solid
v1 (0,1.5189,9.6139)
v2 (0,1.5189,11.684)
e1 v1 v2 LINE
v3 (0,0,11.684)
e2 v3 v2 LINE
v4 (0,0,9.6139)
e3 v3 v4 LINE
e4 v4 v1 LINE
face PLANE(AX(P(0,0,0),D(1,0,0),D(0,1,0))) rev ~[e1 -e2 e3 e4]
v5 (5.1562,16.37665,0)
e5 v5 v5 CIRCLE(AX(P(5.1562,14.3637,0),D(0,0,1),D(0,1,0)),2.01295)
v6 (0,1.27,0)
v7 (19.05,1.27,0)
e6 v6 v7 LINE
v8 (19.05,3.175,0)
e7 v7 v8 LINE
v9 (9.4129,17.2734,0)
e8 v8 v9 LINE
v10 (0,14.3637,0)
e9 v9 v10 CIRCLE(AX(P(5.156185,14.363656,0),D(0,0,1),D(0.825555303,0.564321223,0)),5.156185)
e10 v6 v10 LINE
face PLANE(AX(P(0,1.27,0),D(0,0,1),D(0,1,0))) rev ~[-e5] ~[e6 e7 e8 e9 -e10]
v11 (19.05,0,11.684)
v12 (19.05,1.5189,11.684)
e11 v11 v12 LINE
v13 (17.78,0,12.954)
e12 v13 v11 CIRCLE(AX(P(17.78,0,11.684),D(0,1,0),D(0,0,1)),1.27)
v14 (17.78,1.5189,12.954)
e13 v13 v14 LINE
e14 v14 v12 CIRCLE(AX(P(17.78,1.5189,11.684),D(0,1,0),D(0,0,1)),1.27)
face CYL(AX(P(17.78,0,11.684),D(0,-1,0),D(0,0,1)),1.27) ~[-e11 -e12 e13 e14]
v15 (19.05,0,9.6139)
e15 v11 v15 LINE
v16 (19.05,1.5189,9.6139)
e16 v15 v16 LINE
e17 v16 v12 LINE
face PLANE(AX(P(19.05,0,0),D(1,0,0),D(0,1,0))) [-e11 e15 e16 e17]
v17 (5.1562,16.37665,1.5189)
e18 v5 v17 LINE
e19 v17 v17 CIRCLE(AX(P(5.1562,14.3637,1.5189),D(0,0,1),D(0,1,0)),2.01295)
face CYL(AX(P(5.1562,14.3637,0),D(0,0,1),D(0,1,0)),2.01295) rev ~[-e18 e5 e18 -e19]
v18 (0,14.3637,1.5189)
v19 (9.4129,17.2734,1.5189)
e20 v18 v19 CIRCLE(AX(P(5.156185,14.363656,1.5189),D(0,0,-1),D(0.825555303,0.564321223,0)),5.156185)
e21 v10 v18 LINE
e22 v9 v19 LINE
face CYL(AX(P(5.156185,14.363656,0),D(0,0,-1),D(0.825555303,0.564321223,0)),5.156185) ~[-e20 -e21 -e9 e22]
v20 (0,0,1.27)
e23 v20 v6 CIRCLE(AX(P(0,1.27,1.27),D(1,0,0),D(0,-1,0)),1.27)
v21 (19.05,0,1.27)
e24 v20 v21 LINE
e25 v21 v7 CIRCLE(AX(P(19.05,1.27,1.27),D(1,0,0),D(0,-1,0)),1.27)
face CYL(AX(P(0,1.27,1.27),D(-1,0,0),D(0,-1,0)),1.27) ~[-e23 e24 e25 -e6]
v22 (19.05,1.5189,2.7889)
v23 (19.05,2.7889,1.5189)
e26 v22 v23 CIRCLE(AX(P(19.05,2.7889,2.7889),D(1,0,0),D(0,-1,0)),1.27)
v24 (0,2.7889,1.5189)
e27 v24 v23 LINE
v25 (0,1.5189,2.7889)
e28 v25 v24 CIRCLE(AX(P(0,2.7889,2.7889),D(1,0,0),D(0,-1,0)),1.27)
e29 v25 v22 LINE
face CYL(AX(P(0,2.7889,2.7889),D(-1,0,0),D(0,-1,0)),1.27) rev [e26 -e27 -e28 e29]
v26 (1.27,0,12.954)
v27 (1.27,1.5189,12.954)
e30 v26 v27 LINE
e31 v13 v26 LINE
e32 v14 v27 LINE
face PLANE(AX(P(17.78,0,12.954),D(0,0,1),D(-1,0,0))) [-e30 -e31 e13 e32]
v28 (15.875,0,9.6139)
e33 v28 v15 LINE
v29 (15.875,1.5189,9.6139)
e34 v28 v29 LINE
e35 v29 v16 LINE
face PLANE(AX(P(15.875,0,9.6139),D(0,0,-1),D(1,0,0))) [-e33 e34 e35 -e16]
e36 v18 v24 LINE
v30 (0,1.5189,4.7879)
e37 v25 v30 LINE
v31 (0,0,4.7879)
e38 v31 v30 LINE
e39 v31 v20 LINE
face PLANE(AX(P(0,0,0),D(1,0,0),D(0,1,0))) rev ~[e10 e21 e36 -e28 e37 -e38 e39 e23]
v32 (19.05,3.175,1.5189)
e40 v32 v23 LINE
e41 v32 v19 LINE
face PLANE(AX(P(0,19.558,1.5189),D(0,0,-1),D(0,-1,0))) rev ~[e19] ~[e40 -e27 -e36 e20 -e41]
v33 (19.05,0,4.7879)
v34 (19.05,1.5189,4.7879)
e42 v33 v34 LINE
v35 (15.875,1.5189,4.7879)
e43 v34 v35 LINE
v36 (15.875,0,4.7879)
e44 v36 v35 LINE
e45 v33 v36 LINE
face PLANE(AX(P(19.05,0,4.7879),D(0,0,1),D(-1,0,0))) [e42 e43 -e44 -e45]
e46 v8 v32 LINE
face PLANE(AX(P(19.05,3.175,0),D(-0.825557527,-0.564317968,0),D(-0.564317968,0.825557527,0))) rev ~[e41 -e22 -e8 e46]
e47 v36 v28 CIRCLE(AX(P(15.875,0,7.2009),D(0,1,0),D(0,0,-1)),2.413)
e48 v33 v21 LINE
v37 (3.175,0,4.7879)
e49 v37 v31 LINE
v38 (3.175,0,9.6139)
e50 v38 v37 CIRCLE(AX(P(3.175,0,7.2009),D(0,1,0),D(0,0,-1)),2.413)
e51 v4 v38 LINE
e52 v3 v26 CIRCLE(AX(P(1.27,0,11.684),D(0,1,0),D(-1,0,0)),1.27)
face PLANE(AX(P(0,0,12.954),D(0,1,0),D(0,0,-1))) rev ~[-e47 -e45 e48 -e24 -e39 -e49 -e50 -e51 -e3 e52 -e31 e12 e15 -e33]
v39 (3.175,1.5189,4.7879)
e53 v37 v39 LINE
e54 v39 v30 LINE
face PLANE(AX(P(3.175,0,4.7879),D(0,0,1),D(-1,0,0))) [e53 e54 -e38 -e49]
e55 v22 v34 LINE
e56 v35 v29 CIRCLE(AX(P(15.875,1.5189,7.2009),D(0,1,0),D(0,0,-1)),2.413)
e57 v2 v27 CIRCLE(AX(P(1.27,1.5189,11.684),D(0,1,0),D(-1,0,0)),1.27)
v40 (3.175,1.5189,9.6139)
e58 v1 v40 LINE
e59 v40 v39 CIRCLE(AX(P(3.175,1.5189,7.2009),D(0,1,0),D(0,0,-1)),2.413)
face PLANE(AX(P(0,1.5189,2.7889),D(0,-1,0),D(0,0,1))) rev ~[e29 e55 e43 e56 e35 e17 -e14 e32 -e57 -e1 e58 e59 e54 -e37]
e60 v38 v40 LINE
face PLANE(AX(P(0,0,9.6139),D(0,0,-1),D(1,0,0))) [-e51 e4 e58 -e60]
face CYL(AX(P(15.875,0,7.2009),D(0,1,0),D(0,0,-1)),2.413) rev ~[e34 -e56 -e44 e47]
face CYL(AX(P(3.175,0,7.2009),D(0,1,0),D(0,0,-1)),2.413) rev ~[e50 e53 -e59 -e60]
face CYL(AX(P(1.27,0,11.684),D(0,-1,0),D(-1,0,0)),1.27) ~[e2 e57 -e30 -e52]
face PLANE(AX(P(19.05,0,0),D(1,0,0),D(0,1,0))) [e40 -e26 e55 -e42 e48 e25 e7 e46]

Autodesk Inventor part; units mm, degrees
sketch "Sketch_1" plane through (0, 0, 0) normal (1, 0, 0) x (0, 1, 0)
  line L0 (0, 12.954) -> (0, 1.27)
  arc A0 (0, 1.27) -> (1.27, 0) centre (1.27, 1.27) ccw
  line L1 (1.27, 0) -> (19.558, 0)
  line L2 (19.558, 0) -> (19.558, 1.5189)
  line L3 (19.558, 1.5189) -> (2.7889, 1.5189)
  arc A1 (1.5189, 2.7889) -> (2.7889, 1.5189) centre (2.7889, 2.7889) ccw
  line L4 (1.5189, 2.7889) -> (1.5189, 12.954)
  line L5 (1.5189, 12.954) -> (0, 12.954)
extrude "Extrusion1" add sketch "Sketch_1" along normal blind 19.05
sketch "Sketch_2" plane through (0, 0, 0) normal (0, 0, 1) x (1, 0, 0)
  line L0 (-19.05, -19.558) -> (28.575, -19.558)
  line L1 (28.575, -19.558) -> (28.575, 29.337)
  line L2 (28.575, 29.337) -> (-19.05, 29.337)
  line L3 (-19.05, 29.337) -> (-19.05, -19.558)
  line L4 (0, 0) -> (19.05, 0)
  line L5 (19.05, 0) -> (19.05, 3.175)
  line L6 (19.05, 3.175) -> (9.4129, 17.2734)
  arc A0 (9.4129, 17.2734) -> (0, 14.3637) centre (5.1562, 14.3637) ccw
  line L7 (0, 14.3637) -> (0, 0)
extrude "Extrusion2" cut sketch "Sketch_2" along normal blind 12.954
sketch "Sketch3" plane through (19.05, 1.27, 0) normal (0, 0, -1) x (-1, 0, 0)
  point P0 (13.8938, 13.0937)
hole "Hole1" at (5.1562, 14.3637, 0) direction (0, 0, 1) diameter 4.0259 depth 1.5189
sketch "Sketch4" plane through (0, 0, 1.27) normal (0, -1, 0) x (1, 0, 0)
  point P0 (3.175, 5.9309)
hole "Hole2" at (3.175, 0, 7.2009) direction (0, 1, 0) diameter 4.826 depth 1.5189
sketch "Sketch5" plane through (0, 0, 1.27) normal (0, -1, 0) x (1, 0, 0)
  point P0 (15.875, 5.9309)
hole "Hole3" at (15.875, 0, 7.2009) direction (0, 1, 0) diameter 4.826 depth 1.5189
sketch "Sketch_6" plane through (0, 0, 0) normal (0, 1, 0) x (-1, 0, 0)
  line L0 (0, 4.7879) -> (0, 9.6139)
  line L1 (0, 9.6139) -> (-3.175, 9.6139)
  line L2 (-3.175, 9.6139) -> (-3.175, 4.7879)
  line L3 (-3.175, 4.7879) -> (0, 4.7879)
sketch "Sketch_7" plane through (0, 0, 0) normal (0, 1, 0) x (-1, 0, 0)
  line L0 (-15.875, 4.7879) -> (-15.875, 9.6139)
  line L1 (-15.875, 9.6139) -> (-19.05, 9.6139)
  line L2 (-19.05, 9.6139) -> (-19.05, 4.7879)
  line L3 (-19.05, 4.7879) -> (-15.875, 4.7879)
extrude "Extrusion3" cut sketch "Sketch_6" along normal blind 1.5189
extrude "Extrusion4" cut sketch "Sketch_7" along normal blind 1.5189
sketch "Sketch_8" plane through (0, 0, 0) normal (0, 1, 0) x (-1, 0, 0)
  line L0 (0, 19.431) -> (-19.05, 19.431)
  line L1 (-19.05, 19.431) -> (-19.05, 11.684)
  arc A0 (-17.78, 12.954) -> (-19.05, 11.684) centre (-17.78, 11.684) ccw
  line L2 (-17.78, 12.954) -> (-1.27, 12.954)
  arc A1 (0, 11.684) -> (-1.27, 12.954) centre (-1.27, 11.684) ccw
  line L3 (0, 11.684) -> (0, 19.431)
extrude "Extrusion5" cut sketch "Sketch_8" along normal blind 1.5189
ref_plane "a1_XY" through (0, 14.3637, 0) normal (0, 0, 1) x (1, 0, 0)
ref_plane "a1_YZ" through (0, 14.3637, 0) normal (1, 0, 0) x (0, 1, 0)
ref_plane "a1_ZX" through (0, 14.3637, 0) normal (0, 1, 0) x (0, 0, 1)
ref_plane "a2_XY" through (5.1562, 14.3637, 0) normal (0, 0, 1) x (1, 0, 0)
ref_plane "a2_YZ" through (5.1562, 14.3637, 0) normal (1, 0, 0) x (0, 1, 0)
ref_plane "a2_ZX" through (5.1562, 14.3637, 0) normal (0, 1, 0) x (0, 0, 1)
ref_plane "b1_XY" through (3.1433, 14.3637, 0) normal (0, 0, 1) x (1, 0, 0)
ref_plane "b1_YZ" through (3.1433, 14.3637, 0) normal (1, 0, 0) x (0, 1, 0)
ref_plane "b1_ZX" through (3.1433, 14.3637, 0) normal (0, 1, 0) x (0, 0, 1)
ref_plane "b2_XY" through (7.1692, 14.3637, 0) normal (0, 0, 1) x (1, 0, 0)
ref_plane "b2_YZ" through (7.1692, 14.3637, 0) normal (1, 0, 0) x (0, 1, 0)
ref_plane "b2_ZX" through (7.1692, 14.3637, 0) normal (0, 1, 0) x (0, 0, 1)
ref_plane "d1_XY" through (0, 19.558, 0) normal (1, 0, 0) x (0, 0, -1)
ref_plane "d1_YZ" through (0, 19.558, 0) normal (0, 0, -1) x (0, 1, 0)
ref_plane "d1_ZX" through (0, 19.558, 0) normal (0, 1, 0) x (1, 0, 0)
ref_plane "d2_XY" through (0, 19.558, 1.5189) normal (1, 0, 0) x (0, 0, -1)
ref_plane "d2_YZ" through (0, 19.558, 1.5189) normal (0, 0, -1) x (0, 1, 0)
ref_plane "d2_ZX" through (0, 19.558, 1.5189) normal (0, 1, 0) x (1, 0, 0)
ref_plane "e1_XY" through (0, 0, 0) normal (0, 0, 1) x (1, 0, 0)
ref_plane "e1_YZ" through (0, 0, 0) normal (1, 0, 0) x (0, 1, 0)
ref_plane "e1_ZX" through (0, 0, 0) normal (0, 1, 0) x (0, 0, 1)
ref_plane "e2_XY" through (5.1562, 19.5199, 0) normal (0, 0, 1) x (1, 0, 0)
ref_plane "e2_YZ" through (5.1562, 19.5199, 0) normal (1, 0, 0) x (0, 1, 0)
ref_plane "e2_ZX" through (5.1562, 19.5199, 0) normal (0, 1, 0) x (0, 0, 1)
ref_plane "f1_XY" through (0, 0, 0) normal (0, 0, 1) x (1, 0, 0)
ref_plane "f1_YZ" through (0, 0, 0) normal (1, 0, 0) x (0, 1, 0)
ref_plane "f1_ZX" through (0, 0, 0) normal (0, 1, 0) x (0, 0, 1)
ref_plane "f2_XY" through (0, 14.3637, 0) normal (0, 0, 1) x (1, 0, 0)
ref_plane "f2_YZ" through (0, 14.3637, 0) normal (1, 0, 0) x (0, 1, 0)
ref_plane "f2_ZX" through (0, 14.3637, 0) normal (0, 1, 0) x (0, 0, 1)
ref_plane "g1_XY" through (0, 0, 4.7879) normal (0, 1, 0) x (1, 0, 0)
ref_plane "g1_YZ" through (0, 0, 4.7879) normal (1, 0, 0) x (0, 0, -1)
ref_plane "g1_ZX" through (0, 0, 4.7879) normal (0, 0, -1) x (0, 1, 0)
ref_plane "g2_XY" through (0, 0, 9.6139) normal (0, 1, 0) x (1, 0, 0)
ref_plane "g2_YZ" through (0, 0, 9.6139) normal (1, 0, 0) x (0, 0, -1)
ref_plane "g2_ZX" through (0, 0, 9.6139) normal (0, 0, -1) x (0, 1, 0)
ref_plane "h1_XY" through (3.175, 0, 12.954) normal (0, 0, 1) x (1, 0, 0)
ref_plane "h1_YZ" through (3.175, 0, 12.954) normal (1, 0, 0) x (0, 1, 0)
ref_plane "h1_ZX" through (3.175, 0, 12.954) normal (0, 1, 0) x (0, 0, 1)
ref_plane "h2_XY" through (15.875, 0, 12.954) normal (0, 0, 1) x (1, 0, 0)
ref_plane "h2_YZ" through (15.875, 0, 12.954) normal (1, 0, 0) x (0, 1, 0)
ref_plane "h2_ZX" through (15.875, 0, 12.954) normal (0, 1, 0) x (0, 0, 1)
ref_plane "i_XY" through (19.05, 0, 12.954) normal (0, 0, 1) x (1, 0, 0)
ref_plane "i_YZ" through (19.05, 0, 12.954) normal (1, 0, 0) x (0, 1, 0)
ref_plane "i_ZX" through (19.05, 0, 12.954) normal (0, 1, 0) x (0, 0, 1)
ref_plane "j1_XY" through (0, 0, 0) normal (0, 0, 1) x (1, 0, 0)
ref_plane "j1_YZ" through (0, 0, 0) normal (1, 0, 0) x (0, 1, 0)
ref_plane "j1_ZX" through (0, 0, 0) normal (0, 1, 0) x (0, 0, 1)
ref_plane "j2_XY" through (19.05, 0, 0) normal (0, 0, 1) x (1, 0, 0)
ref_plane "j2_YZ" through (19.05, 0, 0) normal (1, 0, 0) x (0, 1, 0)
ref_plane "j2_ZX" through (19.05, 0, 0) normal (0, 1, 0) x (0, 0, 1)
ref_plane "k11_XY" through (0, 0, 12.954) normal (1, 0, 0) x (0, 0, -1)
ref_plane "k11_YZ" through (0, 0, 12.954) normal (0, 0, -1) x (0, 1, 0)
ref_plane "k11_ZX" through (0, 0, 12.954) normal (0, 1, 0) x (1, 0, 0)
ref_plane "k12_XY" through (0, 0, 0) normal (1, 0, 0) x (0, 0, -1)
ref_plane "k12_YZ" through (0, 0, 0) normal (0, 0, -1) x (0, 1, 0)
ref_plane "k12_ZX" through (0, 0, 0) normal (0, 1, 0) x (1, 0, 0)
ref_plane "to_dummy_L_XY" through (0, 0, 0) normal (0, 0, 1) x (1, 0, 0)
ref_plane "to_dummy_L_YZ" through (0, 0, 0) normal (1, 0, 0) x (0, 1, 0)
ref_plane "to_dummy_L_ZX" through (0, 0, 0) normal (0, 1, 0) x (0, 0, 1)
ref_plane "to_pin_L_XY" through (5.1562, 14.3637, 0) normal (0, 0, 1) x (1, 0, 0)
ref_plane "to_pin_L_YZ" through (5.1562, 14.3637, 0) normal (1, 0, 0) x (0, 1, 0)
ref_plane "to_pin_L_ZX" through (5.1562, 14.3637, 0) normal (0, 1, 0) x (0, 0, 1)
properties part number "D-9963"
